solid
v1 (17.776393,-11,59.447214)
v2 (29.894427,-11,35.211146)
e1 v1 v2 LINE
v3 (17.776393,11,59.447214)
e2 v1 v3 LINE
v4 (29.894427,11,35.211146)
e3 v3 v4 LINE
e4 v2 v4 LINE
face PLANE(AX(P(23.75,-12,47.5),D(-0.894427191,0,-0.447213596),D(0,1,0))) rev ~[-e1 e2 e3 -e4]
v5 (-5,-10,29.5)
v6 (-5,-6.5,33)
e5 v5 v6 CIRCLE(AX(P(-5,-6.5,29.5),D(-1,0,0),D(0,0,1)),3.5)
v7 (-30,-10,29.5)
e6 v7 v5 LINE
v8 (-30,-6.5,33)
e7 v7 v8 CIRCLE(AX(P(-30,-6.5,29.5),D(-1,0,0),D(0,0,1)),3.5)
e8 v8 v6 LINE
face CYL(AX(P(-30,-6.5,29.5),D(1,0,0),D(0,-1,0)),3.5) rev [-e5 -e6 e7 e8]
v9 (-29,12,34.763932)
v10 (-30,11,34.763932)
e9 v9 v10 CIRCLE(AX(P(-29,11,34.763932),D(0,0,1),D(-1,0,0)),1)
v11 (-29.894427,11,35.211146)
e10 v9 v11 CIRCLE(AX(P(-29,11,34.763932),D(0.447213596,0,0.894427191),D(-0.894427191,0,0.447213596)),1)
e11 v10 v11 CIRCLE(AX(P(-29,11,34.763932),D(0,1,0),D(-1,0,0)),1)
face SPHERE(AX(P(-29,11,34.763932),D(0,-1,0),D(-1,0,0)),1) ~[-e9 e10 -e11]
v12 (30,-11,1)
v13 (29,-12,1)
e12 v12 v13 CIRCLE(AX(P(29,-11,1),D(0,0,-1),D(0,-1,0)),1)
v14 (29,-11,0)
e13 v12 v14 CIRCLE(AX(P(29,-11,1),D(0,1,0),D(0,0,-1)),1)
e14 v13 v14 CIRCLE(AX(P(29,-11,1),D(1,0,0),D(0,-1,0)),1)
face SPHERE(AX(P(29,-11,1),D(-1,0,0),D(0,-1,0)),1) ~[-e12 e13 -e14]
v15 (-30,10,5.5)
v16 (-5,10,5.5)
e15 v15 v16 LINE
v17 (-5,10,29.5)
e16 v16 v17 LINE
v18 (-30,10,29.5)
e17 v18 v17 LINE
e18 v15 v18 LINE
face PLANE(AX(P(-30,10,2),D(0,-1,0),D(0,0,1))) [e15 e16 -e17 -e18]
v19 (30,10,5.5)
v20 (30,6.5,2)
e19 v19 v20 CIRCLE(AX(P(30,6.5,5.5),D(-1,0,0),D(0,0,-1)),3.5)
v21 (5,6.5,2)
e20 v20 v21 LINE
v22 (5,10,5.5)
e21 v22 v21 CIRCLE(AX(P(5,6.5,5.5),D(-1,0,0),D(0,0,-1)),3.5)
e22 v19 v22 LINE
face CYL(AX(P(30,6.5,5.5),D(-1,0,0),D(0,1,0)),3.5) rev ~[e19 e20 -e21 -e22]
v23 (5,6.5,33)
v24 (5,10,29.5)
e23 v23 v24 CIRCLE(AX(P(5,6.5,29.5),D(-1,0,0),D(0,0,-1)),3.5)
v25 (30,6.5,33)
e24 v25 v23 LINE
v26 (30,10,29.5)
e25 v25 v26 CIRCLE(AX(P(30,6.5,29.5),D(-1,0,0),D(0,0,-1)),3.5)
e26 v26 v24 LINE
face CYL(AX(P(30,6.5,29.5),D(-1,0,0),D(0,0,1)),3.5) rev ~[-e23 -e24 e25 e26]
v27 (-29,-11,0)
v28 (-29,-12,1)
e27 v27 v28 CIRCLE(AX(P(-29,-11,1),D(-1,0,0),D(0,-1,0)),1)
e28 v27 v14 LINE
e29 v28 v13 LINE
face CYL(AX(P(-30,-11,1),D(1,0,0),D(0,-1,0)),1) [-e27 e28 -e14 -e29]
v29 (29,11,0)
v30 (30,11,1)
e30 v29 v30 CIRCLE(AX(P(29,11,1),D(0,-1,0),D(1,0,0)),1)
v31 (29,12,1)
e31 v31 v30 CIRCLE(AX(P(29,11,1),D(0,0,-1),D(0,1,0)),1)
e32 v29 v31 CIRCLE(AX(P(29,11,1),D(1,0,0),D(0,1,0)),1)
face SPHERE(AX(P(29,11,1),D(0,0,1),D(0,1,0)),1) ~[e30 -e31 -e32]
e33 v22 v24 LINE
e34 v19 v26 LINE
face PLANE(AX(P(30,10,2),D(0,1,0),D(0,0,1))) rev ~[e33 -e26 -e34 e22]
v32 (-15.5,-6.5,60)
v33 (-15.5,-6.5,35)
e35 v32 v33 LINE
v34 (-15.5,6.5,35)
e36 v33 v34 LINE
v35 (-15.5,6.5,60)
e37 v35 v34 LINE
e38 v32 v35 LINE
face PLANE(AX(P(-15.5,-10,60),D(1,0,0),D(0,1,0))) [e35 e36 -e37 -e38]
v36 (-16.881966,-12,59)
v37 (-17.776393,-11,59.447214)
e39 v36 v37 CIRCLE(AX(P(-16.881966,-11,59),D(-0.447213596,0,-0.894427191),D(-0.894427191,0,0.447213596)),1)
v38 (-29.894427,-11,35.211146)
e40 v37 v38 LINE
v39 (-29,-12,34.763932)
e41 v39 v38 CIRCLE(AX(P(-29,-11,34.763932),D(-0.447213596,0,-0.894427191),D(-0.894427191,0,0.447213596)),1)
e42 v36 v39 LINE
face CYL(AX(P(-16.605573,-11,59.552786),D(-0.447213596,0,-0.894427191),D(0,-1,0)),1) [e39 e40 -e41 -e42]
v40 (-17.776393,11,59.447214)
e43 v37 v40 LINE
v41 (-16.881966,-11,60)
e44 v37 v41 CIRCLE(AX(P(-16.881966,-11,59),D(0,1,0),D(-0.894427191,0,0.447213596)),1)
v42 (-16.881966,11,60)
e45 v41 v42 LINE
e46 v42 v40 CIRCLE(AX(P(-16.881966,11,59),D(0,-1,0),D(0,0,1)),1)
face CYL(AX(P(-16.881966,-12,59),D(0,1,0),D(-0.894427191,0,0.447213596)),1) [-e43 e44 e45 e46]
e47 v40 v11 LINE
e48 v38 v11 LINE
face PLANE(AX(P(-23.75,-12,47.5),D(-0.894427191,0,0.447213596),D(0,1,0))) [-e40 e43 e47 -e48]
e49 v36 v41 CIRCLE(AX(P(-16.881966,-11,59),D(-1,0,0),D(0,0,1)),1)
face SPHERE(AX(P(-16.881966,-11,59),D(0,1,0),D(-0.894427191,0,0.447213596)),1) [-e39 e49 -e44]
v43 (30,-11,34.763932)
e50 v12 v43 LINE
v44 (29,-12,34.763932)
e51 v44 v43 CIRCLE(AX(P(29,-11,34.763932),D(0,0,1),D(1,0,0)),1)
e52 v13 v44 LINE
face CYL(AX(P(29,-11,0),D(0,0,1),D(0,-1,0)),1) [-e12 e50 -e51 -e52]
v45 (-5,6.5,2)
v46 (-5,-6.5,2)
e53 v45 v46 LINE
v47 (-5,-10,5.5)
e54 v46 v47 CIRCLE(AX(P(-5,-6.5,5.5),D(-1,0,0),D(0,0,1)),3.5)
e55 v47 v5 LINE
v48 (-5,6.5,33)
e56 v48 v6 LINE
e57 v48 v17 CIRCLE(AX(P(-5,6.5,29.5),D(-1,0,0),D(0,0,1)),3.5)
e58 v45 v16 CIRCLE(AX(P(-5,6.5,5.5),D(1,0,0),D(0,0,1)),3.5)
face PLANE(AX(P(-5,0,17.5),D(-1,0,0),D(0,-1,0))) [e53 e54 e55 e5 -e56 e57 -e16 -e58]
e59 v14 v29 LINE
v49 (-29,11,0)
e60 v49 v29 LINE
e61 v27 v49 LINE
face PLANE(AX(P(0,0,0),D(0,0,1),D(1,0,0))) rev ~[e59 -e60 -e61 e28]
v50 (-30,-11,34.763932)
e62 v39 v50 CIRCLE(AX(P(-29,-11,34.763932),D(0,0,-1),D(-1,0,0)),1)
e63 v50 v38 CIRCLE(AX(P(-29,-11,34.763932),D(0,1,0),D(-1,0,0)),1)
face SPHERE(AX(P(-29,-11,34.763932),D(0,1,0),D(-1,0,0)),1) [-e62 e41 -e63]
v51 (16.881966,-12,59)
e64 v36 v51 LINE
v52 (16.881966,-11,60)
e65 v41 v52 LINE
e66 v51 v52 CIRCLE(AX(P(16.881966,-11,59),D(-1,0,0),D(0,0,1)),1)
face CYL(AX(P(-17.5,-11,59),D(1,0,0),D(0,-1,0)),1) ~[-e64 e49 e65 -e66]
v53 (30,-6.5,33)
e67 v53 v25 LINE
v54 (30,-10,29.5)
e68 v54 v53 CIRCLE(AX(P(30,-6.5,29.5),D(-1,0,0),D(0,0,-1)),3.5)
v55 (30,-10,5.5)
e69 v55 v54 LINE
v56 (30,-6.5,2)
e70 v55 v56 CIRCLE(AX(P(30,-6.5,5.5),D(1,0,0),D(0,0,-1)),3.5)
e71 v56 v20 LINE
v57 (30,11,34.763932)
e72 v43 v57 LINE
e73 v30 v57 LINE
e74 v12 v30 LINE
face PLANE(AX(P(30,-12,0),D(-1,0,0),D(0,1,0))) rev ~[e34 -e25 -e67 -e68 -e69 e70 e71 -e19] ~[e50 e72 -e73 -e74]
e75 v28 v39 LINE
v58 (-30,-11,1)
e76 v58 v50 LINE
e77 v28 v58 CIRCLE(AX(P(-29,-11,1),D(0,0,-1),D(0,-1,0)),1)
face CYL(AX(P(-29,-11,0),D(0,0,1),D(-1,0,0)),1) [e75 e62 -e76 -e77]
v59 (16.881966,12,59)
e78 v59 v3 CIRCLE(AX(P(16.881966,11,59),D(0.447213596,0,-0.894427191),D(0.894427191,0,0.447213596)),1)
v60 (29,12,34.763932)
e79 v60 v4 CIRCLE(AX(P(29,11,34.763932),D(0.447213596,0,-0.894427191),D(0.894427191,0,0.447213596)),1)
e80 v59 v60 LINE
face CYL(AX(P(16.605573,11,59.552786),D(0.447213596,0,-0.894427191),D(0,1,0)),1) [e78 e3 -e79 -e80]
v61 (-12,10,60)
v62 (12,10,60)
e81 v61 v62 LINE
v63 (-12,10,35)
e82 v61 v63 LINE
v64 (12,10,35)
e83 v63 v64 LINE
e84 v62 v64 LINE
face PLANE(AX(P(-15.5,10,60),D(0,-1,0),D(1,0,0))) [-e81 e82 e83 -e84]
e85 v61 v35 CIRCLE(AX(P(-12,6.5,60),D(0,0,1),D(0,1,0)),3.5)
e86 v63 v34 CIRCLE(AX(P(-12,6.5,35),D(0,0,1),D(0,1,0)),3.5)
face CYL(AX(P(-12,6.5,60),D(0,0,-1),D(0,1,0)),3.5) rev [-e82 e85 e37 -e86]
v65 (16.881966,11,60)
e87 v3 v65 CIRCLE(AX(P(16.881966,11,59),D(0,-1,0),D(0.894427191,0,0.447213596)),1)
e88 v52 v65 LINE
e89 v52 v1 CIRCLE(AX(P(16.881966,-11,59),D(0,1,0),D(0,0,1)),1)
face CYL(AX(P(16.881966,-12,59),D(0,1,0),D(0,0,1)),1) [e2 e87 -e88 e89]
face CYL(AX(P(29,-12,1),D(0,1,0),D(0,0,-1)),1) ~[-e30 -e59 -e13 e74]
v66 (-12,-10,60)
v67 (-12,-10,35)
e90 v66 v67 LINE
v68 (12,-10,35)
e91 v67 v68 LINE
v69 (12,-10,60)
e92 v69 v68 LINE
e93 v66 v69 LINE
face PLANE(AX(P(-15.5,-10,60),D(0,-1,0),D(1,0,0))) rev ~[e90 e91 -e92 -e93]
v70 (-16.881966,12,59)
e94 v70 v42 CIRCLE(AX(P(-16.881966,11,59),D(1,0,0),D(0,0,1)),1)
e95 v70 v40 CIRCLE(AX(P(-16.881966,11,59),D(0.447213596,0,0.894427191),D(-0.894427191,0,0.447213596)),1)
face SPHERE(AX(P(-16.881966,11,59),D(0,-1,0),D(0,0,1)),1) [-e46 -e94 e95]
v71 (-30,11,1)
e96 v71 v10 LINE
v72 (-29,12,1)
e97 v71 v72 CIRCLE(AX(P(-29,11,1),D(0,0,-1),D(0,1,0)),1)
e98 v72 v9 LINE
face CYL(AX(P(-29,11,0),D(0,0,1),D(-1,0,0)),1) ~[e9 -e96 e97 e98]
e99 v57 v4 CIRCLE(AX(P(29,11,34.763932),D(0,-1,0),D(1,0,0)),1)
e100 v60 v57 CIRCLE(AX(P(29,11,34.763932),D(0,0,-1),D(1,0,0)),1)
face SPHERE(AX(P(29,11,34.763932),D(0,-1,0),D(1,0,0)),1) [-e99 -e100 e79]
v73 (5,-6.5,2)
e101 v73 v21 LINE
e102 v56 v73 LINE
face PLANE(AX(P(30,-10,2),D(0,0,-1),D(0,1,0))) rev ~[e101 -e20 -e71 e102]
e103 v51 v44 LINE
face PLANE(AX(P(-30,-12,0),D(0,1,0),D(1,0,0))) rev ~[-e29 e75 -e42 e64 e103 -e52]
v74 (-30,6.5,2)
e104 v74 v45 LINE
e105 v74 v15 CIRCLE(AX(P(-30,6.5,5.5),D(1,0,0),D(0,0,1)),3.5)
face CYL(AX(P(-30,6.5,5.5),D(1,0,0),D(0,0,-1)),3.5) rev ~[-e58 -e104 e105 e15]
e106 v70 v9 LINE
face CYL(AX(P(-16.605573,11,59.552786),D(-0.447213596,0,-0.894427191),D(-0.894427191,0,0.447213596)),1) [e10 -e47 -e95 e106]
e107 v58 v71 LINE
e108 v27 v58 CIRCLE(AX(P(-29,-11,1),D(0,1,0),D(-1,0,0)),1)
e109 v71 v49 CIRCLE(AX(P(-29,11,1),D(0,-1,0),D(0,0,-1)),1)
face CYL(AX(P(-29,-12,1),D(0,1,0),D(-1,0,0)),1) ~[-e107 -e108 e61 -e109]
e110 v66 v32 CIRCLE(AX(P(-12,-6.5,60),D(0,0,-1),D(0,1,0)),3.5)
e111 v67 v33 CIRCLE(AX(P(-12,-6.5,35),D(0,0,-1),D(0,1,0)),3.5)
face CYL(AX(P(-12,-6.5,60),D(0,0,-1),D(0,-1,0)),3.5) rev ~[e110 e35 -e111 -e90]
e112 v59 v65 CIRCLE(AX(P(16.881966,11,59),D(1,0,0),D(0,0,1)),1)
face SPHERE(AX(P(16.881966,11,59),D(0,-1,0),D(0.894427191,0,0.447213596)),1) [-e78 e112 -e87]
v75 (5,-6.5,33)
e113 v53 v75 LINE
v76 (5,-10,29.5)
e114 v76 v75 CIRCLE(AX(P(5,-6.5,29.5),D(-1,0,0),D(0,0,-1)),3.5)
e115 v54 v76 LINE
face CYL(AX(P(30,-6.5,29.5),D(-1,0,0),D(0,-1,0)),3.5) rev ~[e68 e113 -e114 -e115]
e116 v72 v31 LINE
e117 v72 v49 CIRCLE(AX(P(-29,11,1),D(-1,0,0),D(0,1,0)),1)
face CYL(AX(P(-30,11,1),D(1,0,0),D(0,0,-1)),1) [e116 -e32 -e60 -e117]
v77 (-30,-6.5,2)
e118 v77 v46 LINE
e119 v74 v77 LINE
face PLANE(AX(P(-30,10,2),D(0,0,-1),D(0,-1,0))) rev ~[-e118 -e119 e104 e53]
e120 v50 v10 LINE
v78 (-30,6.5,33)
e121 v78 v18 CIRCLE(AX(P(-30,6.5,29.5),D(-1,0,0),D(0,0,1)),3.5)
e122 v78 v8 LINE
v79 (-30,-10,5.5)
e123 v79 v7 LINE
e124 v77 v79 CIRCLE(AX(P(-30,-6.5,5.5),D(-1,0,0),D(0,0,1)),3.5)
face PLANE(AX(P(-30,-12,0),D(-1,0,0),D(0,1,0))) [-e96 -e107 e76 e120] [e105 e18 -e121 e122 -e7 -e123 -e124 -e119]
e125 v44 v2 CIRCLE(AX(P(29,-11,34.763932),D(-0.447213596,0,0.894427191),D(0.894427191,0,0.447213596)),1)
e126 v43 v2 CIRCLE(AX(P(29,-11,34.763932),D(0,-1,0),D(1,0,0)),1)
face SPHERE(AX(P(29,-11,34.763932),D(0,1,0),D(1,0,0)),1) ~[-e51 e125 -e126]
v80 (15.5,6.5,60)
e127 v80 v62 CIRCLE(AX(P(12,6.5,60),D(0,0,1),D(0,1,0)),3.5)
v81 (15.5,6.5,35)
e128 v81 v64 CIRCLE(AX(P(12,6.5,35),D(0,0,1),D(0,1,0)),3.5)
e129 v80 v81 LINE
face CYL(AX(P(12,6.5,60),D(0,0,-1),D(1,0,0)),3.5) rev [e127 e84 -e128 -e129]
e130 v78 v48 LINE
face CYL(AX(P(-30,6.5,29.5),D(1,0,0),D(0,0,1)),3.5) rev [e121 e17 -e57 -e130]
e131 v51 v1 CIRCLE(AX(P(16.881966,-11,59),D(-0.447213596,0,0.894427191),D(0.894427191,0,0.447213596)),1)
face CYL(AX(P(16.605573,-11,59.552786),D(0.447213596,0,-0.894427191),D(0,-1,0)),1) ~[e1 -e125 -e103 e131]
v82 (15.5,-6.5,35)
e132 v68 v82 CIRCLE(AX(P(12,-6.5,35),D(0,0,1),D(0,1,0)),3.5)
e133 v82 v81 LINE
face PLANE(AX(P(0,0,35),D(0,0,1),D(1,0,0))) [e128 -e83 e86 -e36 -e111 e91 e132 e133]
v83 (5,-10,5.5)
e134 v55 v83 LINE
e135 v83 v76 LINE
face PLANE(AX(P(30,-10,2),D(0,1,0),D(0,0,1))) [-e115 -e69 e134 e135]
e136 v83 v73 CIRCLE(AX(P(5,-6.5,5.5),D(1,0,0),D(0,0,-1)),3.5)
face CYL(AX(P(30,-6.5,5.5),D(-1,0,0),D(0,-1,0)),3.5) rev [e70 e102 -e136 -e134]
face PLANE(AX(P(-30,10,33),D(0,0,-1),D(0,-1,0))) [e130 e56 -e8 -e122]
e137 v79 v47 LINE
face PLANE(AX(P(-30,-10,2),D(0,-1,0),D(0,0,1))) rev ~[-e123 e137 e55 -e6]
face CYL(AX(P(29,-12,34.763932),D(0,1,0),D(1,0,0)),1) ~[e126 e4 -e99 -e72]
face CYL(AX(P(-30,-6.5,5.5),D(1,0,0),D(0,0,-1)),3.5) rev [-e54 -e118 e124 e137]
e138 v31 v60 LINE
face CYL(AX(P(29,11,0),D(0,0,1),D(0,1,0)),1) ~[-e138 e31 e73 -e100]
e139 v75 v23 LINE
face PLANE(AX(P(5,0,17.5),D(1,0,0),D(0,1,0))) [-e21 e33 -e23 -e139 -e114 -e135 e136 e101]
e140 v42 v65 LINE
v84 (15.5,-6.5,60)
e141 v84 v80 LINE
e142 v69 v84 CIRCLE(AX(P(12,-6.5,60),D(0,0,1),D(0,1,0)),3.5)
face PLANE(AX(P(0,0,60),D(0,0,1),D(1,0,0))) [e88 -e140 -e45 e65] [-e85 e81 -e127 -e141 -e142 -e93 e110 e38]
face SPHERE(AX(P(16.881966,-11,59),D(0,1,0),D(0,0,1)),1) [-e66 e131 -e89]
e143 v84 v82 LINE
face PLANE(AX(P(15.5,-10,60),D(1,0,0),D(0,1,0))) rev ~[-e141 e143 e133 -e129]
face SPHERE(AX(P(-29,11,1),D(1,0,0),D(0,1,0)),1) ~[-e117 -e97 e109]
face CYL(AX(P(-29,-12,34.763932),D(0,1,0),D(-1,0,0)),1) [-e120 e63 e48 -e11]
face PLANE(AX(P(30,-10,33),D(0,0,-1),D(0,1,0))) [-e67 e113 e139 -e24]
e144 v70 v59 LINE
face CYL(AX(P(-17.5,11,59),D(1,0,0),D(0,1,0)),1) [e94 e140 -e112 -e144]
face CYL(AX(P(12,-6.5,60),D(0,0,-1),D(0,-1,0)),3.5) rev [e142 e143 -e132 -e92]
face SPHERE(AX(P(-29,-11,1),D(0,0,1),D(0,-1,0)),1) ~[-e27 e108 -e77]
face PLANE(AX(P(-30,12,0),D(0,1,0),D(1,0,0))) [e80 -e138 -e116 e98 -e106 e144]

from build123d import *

# Parameters (mm, degrees)
F0_W     = 60
F0_H     = 24
F1_DEPTH = 60
F2_W     = 31
F2_H     = 20
F5_DEPTH = 25
F4_W     = 20
F4_H     = 31
F6_DEPTH = 25
F3_W     = 20
F3_H     = 31
F7_DEPTH = 25
F8_SIZE2 = 25
F8_SIZE  = 12.5
F9_R     = 3.5
F10_R    = 1


with BuildPart() as f1:
    # F0 (on Top) → F1 (new body)
    with BuildSketch(Plane.XY):
        Rectangle(F0_W, F0_H)
    extrude(amount=F1_DEPTH)

    # F2 (on face) → F5 (cut)
    with BuildSketch(Plane.XY.offset(60)):
        Rectangle(F2_W, F2_H)
    extrude(amount=-F5_DEPTH, mode=Mode.SUBTRACT)

    # F4 (on face) → F6 (cut)
    with BuildSketch(Plane(origin=(-30, 0, 0), x_dir=(0, -1, 0), z_dir=(-1, 0, 0))):
        with Locations((0, 17.5)):
            Rectangle(F4_W, F4_H)
    extrude(amount=-F6_DEPTH, mode=Mode.SUBTRACT)

    # F3 (on face) → F7 (cut)
    with BuildSketch(Plane.YZ.offset(30)):
        with Locations((0, 17.5)):
            Rectangle(F3_W, F3_H)
    extrude(amount=-F7_DEPTH, mode=Mode.SUBTRACT)

    # F8
    f8_edges = [f1.edges().sort_by_distance(p)[0] for p in [
        (30, 0, 60),
        (-30, 0, 60),
    ]]
    f8_side = f1.faces().sort_by_distance((0, -11.35378, 60))[0]
    chamfer(f8_edges, length=F8_SIZE, length2=F8_SIZE2, reference=f8_side)

    # F9
    f9_edges = [f1.edges().sort_by_distance(p)[0] for p in [
        (-17.5, 10, 33),
        (-17.5, -10, 33),
        (-17.5, -10, 2),
        (-17.5, 10, 2),
        (15.5, -10, 47.5),
        (15.5, 10, 47.5),
        (-15.5, 10, 47.5),
        (-15.5, -10, 47.5),
        (17.5, -10, 2),
        (17.5, -10, 33),
        (17.5, 10, 33),
        (17.5, 10, 2),
    ]]
    fillet(f9_edges, radius=F9_R)

    # F10
    f10_edges = [f1.edges().sort_by_distance(p)[0] for p in [
        (-30, -12, 17.5),
        (-23.75, -12, 47.5),
        (0, -12, 0),
        (0, -12, 60),
        (30, -12, 17.5),
        (23.75, -12, 47.5),
        (30, 12, 17.5),
        (23.75, 12, 47.5),
        (0, 12, 0),
        (0, 12, 60),
        (-30, 12, 17.5),
        (-23.75, 12, 47.5),
        (30, 0, 0),
        (-30, 0, 0),
        (-17.5, 0, 60),
        (-30, 0, 35),
        (17.5, 0, 60),
        (30, 0, 35),
    ]]
    fillet(f10_edges, radius=F10_R)


solid = f1.part
